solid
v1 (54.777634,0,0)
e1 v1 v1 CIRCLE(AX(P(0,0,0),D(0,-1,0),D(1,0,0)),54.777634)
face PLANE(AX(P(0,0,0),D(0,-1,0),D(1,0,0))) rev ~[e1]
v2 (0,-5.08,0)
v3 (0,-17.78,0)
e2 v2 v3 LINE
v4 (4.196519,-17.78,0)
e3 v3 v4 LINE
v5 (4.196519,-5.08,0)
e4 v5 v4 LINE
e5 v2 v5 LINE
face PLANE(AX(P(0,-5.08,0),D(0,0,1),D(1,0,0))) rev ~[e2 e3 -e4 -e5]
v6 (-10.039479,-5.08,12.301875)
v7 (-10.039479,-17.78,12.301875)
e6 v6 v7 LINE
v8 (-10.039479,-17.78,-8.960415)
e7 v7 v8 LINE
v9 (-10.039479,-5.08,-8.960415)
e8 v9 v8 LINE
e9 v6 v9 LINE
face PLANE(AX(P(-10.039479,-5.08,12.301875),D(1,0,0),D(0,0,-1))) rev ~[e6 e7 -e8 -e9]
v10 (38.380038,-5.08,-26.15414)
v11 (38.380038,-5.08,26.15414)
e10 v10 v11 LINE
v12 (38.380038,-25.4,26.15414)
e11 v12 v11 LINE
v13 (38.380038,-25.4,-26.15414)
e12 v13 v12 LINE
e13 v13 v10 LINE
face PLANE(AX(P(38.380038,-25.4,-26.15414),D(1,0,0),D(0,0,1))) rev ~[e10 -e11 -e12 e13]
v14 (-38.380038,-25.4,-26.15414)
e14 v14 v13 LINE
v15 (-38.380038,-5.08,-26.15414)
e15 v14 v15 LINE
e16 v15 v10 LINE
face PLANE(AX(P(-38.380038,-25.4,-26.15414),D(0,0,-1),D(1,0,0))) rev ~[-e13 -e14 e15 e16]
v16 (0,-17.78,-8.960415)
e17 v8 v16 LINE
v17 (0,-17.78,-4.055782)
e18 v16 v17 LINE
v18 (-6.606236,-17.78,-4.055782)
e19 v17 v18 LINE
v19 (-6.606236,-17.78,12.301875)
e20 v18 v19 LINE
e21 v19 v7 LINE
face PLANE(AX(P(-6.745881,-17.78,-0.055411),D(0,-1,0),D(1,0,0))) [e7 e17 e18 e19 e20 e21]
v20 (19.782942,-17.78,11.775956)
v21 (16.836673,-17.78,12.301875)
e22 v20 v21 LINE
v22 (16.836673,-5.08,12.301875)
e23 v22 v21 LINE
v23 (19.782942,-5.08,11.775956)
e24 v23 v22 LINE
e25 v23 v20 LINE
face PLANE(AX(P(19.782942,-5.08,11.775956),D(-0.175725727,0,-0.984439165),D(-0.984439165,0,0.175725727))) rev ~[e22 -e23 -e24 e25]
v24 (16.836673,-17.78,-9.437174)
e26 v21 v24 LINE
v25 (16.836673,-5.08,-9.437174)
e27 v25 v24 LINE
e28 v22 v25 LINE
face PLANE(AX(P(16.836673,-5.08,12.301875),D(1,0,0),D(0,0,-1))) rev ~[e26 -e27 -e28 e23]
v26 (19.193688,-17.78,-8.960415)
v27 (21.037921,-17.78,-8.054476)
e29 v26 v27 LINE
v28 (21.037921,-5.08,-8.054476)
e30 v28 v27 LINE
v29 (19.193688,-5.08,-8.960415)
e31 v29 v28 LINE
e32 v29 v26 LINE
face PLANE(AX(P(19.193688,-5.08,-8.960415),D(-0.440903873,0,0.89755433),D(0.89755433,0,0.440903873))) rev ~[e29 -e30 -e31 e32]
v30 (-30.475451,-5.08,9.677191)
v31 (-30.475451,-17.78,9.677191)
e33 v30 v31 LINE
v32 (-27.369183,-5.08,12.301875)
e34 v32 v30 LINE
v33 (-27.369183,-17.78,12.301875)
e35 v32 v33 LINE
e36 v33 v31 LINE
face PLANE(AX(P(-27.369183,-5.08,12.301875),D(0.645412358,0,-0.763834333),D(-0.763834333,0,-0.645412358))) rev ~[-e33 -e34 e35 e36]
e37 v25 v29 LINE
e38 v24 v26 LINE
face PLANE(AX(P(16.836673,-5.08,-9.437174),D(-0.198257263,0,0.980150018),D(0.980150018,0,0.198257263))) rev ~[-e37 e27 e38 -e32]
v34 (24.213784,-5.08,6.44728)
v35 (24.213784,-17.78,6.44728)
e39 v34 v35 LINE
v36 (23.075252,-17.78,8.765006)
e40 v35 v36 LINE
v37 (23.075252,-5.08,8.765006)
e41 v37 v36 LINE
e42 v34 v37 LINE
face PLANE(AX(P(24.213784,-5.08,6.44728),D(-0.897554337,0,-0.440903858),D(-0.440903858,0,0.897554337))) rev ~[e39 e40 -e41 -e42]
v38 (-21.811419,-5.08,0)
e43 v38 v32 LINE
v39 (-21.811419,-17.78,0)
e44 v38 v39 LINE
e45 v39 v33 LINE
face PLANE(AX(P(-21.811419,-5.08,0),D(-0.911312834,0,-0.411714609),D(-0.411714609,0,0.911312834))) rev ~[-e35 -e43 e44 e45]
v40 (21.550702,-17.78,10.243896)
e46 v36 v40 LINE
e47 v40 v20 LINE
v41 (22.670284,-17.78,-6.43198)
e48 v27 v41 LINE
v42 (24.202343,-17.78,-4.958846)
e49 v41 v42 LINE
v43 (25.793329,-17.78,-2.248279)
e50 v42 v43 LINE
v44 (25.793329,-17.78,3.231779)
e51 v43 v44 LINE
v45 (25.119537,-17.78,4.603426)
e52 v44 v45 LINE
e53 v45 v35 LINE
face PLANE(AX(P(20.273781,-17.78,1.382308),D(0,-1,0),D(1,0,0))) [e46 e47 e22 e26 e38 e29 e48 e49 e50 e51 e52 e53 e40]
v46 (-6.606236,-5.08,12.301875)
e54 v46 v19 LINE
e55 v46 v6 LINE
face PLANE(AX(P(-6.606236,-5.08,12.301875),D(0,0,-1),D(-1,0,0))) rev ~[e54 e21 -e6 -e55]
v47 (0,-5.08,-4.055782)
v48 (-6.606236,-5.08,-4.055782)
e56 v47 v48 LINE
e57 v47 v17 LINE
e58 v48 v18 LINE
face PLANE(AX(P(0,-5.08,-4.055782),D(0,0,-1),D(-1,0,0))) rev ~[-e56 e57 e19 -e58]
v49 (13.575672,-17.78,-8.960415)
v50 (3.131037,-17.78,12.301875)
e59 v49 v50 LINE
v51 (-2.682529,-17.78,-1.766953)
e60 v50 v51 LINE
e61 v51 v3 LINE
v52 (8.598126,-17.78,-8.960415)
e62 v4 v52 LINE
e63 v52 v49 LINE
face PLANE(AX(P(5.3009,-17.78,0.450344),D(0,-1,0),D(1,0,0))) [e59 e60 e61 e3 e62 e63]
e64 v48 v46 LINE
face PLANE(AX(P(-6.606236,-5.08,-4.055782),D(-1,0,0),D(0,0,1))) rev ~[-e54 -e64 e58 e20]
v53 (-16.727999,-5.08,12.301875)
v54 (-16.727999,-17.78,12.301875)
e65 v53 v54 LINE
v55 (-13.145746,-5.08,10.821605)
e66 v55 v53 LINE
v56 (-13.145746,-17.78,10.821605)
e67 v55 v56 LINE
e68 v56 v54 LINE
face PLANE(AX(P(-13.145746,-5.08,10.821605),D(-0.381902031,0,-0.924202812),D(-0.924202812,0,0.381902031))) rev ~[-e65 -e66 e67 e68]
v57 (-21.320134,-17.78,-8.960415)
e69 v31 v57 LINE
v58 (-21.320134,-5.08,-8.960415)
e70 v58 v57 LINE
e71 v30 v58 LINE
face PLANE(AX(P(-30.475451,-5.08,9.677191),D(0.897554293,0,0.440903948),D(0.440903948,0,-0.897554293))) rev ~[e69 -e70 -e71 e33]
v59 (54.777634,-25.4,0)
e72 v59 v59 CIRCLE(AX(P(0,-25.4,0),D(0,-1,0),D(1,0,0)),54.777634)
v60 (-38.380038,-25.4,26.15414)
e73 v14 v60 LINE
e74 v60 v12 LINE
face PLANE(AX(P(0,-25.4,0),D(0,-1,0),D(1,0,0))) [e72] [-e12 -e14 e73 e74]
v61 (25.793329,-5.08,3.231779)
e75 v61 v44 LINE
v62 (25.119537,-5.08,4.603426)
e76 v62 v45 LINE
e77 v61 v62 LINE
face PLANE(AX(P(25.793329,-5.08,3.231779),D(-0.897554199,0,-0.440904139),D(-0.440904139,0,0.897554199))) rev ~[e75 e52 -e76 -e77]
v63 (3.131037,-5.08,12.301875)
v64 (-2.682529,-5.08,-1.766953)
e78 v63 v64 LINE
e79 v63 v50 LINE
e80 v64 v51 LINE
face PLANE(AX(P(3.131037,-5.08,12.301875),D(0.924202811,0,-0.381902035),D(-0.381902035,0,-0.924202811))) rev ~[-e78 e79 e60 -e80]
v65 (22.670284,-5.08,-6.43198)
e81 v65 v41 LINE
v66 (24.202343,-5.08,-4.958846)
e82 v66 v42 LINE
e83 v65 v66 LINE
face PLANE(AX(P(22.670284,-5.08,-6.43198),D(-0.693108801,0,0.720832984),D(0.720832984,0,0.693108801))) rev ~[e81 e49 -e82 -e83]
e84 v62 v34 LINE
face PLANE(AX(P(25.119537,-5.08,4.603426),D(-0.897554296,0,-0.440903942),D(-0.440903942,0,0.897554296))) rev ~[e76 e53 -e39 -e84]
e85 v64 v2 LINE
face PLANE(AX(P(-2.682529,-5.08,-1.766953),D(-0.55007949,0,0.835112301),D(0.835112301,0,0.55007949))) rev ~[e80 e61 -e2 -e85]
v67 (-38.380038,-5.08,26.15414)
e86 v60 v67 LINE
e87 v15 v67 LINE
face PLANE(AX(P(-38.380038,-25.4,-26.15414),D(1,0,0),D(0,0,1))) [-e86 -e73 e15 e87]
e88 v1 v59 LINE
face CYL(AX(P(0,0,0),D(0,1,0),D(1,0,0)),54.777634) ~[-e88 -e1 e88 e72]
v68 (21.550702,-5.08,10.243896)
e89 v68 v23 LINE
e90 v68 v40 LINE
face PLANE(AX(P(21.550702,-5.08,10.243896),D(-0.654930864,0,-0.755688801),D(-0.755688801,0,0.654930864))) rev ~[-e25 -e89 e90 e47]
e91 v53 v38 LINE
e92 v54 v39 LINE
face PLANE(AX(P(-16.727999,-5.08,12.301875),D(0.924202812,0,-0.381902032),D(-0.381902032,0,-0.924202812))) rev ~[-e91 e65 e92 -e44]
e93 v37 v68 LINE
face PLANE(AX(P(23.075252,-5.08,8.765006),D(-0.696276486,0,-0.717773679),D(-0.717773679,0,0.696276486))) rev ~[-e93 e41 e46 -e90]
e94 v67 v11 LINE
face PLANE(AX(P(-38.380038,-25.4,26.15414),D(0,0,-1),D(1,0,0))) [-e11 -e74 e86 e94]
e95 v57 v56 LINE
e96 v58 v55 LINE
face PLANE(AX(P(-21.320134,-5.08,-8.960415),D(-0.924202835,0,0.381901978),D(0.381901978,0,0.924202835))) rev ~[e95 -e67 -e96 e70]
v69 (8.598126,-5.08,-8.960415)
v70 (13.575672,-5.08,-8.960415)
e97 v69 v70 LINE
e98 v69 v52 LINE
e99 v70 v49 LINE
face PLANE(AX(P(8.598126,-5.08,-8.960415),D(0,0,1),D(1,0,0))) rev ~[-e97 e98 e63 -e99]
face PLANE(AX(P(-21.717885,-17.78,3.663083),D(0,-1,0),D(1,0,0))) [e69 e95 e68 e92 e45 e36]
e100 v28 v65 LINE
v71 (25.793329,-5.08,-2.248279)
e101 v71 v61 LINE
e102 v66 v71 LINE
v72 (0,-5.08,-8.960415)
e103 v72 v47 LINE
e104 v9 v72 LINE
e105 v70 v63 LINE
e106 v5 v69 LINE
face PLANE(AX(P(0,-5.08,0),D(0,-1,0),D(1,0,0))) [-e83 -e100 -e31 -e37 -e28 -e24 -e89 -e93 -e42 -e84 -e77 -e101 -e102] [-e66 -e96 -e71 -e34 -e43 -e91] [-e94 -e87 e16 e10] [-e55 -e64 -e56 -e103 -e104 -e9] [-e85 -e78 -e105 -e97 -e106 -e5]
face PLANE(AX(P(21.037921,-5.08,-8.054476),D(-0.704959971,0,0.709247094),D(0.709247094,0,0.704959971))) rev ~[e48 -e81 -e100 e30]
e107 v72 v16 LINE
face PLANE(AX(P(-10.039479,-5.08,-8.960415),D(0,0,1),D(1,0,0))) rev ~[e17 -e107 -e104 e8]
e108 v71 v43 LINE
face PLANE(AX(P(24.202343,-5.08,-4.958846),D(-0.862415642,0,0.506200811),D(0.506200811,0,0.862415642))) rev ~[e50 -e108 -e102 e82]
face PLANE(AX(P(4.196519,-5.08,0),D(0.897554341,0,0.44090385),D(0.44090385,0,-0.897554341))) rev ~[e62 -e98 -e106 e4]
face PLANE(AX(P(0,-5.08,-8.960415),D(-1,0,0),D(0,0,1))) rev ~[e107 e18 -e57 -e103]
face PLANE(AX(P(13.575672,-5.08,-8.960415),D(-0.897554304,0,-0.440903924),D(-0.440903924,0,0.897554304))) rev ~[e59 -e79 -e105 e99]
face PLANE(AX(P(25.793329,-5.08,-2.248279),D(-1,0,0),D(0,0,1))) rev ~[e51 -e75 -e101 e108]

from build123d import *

# Parameters (mm, degrees)
F0_R     = 54.777634
F1_DEPTH = 25.4
F2_W     = 76.760076
F2_H     = 52.30828
F3_DEPTH = 20.32
F5_DEPTH = 12.7


with BuildPart() as f1:
    # F0 (on Front) → F1 (new body)
    with BuildSketch(Plane.XZ):
        Circle(F0_R)
    extrude(amount=F1_DEPTH)

    # F2 (on face) → F3 (cut)
    with BuildSketch(Plane.XZ.offset(25.4)):
        Rectangle(F2_W, F2_H)
    extrude(amount=-F3_DEPTH, mode=Mode.SUBTRACT)

    # F4 (on face) → F5 (join)
    with BuildSketch(Plane.XZ.offset(5.08)):
        Polygon((19.782942, 11.775956), (16.836673, 12.301875), (16.836673, -9.437174), (19.193688, -8.960415), (21.037921, -8.054476), (22.670284, -6.43198), (24.202343, -4.958846), (25.793329, -2.248279), (25.793329, 0.697988), (25.793329, 3.231779), (25.119537, 4.603426), (24.213784, 6.44728), (23.075252, 8.765006), (21.550702, 10.243896), align=None)
        Polygon((19.193688, -4.840995), (18.66336, 6.413748), (23.259537, 0.639063), align=None, mode=Mode.SUBTRACT)
        Polygon((3.131037, 12.301875), (-2.682529, -1.766953), (0, 0), (4.196519, 0), (8.598126, -8.960415), (13.575672, -8.960415), align=None)
        Polygon((5.098887, 2.528751), (1.241177, 2.483729), (3.013781, 6.77343), align=None, mode=Mode.SUBTRACT)
        Polygon((23.259537, 0.639063), (18.66336, 6.413748), (19.193688, -4.840995), align=None)
        Polygon((-27.369183, 12.301875), (-30.475451, 9.677191), (-21.320134, -8.960415), (-13.145746, 10.821605), (-16.727999, 12.301875), (-21.811419, 0), align=None)
        Polygon((-6.606236, 12.301875), (-10.039479, 12.301875), (-10.039479, -8.960415), (0, -8.960415), (0, -4.055782), (-6.606236, -4.055782), align=None)
        Polygon((3.013781, 6.77343), (1.241177, 2.483729), (5.098887, 2.528751), align=None)
    extrude(amount=F5_DEPTH)


solid = f1.part
